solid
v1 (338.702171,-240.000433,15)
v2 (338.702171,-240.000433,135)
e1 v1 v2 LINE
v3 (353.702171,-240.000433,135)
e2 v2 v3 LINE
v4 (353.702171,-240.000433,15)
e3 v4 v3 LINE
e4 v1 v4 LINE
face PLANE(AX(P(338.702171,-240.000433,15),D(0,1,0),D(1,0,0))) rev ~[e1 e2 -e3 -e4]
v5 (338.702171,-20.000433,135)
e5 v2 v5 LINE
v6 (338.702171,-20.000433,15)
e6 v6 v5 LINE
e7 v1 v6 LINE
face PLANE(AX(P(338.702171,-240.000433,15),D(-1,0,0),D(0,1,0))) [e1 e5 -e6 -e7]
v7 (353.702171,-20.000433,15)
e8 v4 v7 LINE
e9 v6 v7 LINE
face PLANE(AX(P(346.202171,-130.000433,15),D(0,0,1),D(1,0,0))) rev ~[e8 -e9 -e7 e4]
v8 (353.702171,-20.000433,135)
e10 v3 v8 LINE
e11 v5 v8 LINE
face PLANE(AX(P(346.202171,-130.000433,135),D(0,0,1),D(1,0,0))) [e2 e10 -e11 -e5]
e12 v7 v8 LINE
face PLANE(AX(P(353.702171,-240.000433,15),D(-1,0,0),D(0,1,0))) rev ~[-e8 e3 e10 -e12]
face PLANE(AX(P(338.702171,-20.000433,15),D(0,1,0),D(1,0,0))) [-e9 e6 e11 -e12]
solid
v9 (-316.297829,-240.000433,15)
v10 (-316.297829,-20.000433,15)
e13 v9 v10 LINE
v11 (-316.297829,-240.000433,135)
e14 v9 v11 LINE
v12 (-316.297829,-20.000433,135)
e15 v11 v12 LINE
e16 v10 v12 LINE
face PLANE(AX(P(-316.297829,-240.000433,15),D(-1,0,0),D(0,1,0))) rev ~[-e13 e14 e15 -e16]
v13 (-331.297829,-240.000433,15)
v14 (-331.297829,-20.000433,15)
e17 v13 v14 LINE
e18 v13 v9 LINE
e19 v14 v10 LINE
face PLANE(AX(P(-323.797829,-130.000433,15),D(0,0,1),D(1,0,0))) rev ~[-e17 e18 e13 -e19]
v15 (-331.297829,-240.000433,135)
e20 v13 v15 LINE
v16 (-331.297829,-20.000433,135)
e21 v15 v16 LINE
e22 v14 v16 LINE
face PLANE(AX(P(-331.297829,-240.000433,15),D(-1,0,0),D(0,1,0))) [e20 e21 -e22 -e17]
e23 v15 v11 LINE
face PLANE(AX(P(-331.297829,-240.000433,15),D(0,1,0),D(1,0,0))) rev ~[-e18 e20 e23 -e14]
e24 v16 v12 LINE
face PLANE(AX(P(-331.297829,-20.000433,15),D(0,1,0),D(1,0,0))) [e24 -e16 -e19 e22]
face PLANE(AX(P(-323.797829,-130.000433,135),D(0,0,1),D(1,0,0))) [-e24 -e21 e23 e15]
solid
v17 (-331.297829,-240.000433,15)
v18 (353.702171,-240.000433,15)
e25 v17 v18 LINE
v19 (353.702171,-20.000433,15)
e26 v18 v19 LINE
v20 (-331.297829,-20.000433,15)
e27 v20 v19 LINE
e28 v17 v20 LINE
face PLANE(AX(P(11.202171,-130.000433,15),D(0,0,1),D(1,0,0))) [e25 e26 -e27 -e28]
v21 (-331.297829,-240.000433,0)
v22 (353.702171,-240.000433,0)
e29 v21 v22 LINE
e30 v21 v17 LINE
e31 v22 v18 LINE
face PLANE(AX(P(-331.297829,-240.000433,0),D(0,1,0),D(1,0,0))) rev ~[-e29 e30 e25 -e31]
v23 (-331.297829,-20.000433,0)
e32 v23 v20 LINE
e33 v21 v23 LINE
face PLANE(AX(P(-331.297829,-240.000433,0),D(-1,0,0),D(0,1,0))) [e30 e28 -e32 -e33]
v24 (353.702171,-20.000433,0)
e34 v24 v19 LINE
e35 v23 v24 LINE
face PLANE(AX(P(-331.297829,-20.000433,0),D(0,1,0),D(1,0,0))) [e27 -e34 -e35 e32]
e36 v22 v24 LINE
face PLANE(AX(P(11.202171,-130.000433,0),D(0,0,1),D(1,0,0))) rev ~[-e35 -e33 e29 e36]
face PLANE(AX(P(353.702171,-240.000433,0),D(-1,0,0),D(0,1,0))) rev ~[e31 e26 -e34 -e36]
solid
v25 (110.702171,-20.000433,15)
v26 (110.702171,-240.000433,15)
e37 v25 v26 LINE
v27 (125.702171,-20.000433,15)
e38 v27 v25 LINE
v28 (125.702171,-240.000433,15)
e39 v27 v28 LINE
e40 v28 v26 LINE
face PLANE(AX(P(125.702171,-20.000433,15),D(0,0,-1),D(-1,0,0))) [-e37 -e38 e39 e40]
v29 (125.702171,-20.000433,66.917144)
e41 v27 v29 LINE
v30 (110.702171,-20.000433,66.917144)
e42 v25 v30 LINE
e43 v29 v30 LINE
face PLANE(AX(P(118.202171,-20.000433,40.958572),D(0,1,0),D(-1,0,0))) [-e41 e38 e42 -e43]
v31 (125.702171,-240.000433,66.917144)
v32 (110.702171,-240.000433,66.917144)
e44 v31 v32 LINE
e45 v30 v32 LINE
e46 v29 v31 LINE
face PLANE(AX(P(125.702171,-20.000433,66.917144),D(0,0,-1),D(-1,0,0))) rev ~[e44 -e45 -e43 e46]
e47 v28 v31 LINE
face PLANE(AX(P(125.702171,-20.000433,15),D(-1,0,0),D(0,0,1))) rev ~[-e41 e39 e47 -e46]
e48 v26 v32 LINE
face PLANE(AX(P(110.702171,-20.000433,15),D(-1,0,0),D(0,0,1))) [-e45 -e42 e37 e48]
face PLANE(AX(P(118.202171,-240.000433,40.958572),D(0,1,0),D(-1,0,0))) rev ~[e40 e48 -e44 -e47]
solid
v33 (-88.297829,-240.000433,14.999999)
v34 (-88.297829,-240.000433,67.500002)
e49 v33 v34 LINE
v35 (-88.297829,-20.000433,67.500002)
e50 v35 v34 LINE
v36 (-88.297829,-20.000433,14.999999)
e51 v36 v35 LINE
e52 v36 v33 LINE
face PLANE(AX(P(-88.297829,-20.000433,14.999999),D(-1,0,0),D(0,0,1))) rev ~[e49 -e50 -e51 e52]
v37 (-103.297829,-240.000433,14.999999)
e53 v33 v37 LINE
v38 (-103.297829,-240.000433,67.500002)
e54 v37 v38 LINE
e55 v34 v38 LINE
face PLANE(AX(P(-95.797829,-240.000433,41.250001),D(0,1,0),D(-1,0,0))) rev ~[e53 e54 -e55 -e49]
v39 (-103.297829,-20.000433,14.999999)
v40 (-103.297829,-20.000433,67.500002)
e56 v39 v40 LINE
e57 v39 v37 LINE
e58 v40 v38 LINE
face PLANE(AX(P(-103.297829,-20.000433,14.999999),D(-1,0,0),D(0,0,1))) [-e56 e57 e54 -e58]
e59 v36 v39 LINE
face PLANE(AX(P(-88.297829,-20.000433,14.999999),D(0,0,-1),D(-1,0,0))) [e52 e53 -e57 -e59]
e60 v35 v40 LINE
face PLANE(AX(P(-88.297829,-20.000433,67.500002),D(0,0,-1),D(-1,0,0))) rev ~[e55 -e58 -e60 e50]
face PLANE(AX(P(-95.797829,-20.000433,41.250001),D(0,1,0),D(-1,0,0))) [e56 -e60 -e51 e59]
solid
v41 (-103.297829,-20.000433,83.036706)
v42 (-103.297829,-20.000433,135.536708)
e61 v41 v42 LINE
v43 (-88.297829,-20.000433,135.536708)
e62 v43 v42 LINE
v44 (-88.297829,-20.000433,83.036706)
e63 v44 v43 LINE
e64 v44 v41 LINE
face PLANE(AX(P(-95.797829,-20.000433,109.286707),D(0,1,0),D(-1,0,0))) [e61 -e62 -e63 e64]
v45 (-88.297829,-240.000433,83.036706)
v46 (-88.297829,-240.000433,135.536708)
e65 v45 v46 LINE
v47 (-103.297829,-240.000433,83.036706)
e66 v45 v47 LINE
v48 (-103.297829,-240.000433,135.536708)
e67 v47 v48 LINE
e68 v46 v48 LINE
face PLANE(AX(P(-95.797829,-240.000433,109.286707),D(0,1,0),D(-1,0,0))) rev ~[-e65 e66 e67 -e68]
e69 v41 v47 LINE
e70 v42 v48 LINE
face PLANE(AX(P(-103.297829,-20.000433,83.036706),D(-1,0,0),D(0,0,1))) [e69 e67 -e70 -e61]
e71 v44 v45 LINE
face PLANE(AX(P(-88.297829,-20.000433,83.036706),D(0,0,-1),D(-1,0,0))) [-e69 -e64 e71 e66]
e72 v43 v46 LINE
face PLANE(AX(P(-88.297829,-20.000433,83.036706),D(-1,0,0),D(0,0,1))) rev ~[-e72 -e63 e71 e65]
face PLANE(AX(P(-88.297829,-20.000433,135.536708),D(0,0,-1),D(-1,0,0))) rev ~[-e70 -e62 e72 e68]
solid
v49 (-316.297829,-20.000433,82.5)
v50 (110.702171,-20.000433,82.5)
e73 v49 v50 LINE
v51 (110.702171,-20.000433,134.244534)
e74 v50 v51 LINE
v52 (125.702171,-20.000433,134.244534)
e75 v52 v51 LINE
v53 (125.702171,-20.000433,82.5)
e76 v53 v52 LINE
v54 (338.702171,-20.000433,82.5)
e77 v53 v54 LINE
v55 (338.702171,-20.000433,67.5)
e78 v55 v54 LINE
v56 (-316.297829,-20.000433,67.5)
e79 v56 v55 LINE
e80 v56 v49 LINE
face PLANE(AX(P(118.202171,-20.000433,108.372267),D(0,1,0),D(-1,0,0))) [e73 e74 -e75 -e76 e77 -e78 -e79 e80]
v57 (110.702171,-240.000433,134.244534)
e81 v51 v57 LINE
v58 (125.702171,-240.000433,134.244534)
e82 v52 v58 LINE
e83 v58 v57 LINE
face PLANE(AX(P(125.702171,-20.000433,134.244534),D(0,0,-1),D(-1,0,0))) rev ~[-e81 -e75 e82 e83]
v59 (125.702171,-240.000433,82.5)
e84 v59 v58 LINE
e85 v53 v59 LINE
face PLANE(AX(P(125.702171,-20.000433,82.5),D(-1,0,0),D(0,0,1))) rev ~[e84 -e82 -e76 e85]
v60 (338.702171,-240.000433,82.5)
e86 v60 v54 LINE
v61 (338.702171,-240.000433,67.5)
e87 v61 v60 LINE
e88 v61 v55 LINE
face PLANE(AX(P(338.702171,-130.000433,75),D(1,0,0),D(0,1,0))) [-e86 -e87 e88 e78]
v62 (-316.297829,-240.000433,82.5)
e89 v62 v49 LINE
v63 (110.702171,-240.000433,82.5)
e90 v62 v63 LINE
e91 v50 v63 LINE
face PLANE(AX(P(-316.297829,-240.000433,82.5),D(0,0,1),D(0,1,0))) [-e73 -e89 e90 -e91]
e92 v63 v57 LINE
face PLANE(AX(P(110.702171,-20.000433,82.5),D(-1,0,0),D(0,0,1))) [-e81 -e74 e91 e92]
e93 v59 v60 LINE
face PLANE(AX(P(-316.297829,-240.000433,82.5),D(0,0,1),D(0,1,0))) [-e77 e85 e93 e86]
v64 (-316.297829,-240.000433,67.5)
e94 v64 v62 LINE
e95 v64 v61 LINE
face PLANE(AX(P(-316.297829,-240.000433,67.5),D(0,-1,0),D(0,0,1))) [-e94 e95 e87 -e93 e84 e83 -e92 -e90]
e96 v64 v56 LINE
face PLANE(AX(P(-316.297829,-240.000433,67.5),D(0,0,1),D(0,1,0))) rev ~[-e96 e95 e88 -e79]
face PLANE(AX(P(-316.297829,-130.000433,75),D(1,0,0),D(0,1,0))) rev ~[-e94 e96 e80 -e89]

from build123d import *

# Parameters (mm, degrees)
F0_W      = 685
F0_H      = 220
F1_DEPTH  = 15
F2_W      = 15
F2_H      = 220
F3_DEPTH  = 120
F4_W      = 15
F4_H      = 220
F5_DEPTH  = 120
F6_W      = 220
F6_H      = 15
F7_DEPTH  = 655
F8_W      = 15
F8_H      = 51.917144
F8_H_2    = 52.500003
F9_DEPTH  = 220
F10_W     = 15
F10_H     = 51.744535
F10_H_2   = 52.500002
F11_DEPTH = 220


with BuildPart() as f1:
    # F0 (on Top) → F1 (new body)
    with BuildSketch(Plane.XY):
        with Locations((11.202171, -130.000433)):
            Rectangle(F0_W, F0_H)
    extrude(amount=F1_DEPTH)


with BuildPart() as f3:
    # F2 (on face) → F3 (new body)
    with BuildSketch(Plane.XY.offset(15)):
        with Locations((-323.797829, -130.000433)):
            Rectangle(F2_W, F2_H)
    extrude(amount=F3_DEPTH)


with BuildPart() as f5:
    # F4 (on face) → F5 (new body)
    with BuildSketch(Plane.XY.offset(15)):
        with Locations((346.202171, -130.000433)):
            Rectangle(F4_W, F4_H)
    extrude(amount=F5_DEPTH)


with BuildPart() as f7:
    # F6 (on face) → F7 (new body, through all)
    with BuildSketch(Plane.YZ.offset(-316.297829)):
        with Locations((-130.000433, 75)):
            Rectangle(F6_W, F6_H)
    extrude(amount=F7_DEPTH)

    # F10 (on face) → F11 (join)
    with BuildSketch(Plane(origin=(0, -20.000433, 0), x_dir=(-1, 0, 0), z_dir=(0, 1, 0))):
        with Locations((-118.202171, 108.372267)):
            Rectangle(F10_W, F10_H)
        with Locations((95.797829, 109.286707)):
            Rectangle(F10_W, F10_H_2)
    extrude(amount=-F11_DEPTH)


with BuildPart() as f9:
    # F8 (on face) → F9 (new body)
    with BuildSketch(Plane(origin=(0, -20.000433, 0), x_dir=(-1, 0, 0), z_dir=(0, 1, 0))):
        with Locations((-118.202171, 40.958572)):
            Rectangle(F8_W, F8_H)
        with Locations((95.797829, 41.250001)):
            Rectangle(F8_W, F8_H_2)
    extrude(amount=-F9_DEPTH)


solid = Compound([f1.part, f3.part, f5.part, f7.part, f9.part])
